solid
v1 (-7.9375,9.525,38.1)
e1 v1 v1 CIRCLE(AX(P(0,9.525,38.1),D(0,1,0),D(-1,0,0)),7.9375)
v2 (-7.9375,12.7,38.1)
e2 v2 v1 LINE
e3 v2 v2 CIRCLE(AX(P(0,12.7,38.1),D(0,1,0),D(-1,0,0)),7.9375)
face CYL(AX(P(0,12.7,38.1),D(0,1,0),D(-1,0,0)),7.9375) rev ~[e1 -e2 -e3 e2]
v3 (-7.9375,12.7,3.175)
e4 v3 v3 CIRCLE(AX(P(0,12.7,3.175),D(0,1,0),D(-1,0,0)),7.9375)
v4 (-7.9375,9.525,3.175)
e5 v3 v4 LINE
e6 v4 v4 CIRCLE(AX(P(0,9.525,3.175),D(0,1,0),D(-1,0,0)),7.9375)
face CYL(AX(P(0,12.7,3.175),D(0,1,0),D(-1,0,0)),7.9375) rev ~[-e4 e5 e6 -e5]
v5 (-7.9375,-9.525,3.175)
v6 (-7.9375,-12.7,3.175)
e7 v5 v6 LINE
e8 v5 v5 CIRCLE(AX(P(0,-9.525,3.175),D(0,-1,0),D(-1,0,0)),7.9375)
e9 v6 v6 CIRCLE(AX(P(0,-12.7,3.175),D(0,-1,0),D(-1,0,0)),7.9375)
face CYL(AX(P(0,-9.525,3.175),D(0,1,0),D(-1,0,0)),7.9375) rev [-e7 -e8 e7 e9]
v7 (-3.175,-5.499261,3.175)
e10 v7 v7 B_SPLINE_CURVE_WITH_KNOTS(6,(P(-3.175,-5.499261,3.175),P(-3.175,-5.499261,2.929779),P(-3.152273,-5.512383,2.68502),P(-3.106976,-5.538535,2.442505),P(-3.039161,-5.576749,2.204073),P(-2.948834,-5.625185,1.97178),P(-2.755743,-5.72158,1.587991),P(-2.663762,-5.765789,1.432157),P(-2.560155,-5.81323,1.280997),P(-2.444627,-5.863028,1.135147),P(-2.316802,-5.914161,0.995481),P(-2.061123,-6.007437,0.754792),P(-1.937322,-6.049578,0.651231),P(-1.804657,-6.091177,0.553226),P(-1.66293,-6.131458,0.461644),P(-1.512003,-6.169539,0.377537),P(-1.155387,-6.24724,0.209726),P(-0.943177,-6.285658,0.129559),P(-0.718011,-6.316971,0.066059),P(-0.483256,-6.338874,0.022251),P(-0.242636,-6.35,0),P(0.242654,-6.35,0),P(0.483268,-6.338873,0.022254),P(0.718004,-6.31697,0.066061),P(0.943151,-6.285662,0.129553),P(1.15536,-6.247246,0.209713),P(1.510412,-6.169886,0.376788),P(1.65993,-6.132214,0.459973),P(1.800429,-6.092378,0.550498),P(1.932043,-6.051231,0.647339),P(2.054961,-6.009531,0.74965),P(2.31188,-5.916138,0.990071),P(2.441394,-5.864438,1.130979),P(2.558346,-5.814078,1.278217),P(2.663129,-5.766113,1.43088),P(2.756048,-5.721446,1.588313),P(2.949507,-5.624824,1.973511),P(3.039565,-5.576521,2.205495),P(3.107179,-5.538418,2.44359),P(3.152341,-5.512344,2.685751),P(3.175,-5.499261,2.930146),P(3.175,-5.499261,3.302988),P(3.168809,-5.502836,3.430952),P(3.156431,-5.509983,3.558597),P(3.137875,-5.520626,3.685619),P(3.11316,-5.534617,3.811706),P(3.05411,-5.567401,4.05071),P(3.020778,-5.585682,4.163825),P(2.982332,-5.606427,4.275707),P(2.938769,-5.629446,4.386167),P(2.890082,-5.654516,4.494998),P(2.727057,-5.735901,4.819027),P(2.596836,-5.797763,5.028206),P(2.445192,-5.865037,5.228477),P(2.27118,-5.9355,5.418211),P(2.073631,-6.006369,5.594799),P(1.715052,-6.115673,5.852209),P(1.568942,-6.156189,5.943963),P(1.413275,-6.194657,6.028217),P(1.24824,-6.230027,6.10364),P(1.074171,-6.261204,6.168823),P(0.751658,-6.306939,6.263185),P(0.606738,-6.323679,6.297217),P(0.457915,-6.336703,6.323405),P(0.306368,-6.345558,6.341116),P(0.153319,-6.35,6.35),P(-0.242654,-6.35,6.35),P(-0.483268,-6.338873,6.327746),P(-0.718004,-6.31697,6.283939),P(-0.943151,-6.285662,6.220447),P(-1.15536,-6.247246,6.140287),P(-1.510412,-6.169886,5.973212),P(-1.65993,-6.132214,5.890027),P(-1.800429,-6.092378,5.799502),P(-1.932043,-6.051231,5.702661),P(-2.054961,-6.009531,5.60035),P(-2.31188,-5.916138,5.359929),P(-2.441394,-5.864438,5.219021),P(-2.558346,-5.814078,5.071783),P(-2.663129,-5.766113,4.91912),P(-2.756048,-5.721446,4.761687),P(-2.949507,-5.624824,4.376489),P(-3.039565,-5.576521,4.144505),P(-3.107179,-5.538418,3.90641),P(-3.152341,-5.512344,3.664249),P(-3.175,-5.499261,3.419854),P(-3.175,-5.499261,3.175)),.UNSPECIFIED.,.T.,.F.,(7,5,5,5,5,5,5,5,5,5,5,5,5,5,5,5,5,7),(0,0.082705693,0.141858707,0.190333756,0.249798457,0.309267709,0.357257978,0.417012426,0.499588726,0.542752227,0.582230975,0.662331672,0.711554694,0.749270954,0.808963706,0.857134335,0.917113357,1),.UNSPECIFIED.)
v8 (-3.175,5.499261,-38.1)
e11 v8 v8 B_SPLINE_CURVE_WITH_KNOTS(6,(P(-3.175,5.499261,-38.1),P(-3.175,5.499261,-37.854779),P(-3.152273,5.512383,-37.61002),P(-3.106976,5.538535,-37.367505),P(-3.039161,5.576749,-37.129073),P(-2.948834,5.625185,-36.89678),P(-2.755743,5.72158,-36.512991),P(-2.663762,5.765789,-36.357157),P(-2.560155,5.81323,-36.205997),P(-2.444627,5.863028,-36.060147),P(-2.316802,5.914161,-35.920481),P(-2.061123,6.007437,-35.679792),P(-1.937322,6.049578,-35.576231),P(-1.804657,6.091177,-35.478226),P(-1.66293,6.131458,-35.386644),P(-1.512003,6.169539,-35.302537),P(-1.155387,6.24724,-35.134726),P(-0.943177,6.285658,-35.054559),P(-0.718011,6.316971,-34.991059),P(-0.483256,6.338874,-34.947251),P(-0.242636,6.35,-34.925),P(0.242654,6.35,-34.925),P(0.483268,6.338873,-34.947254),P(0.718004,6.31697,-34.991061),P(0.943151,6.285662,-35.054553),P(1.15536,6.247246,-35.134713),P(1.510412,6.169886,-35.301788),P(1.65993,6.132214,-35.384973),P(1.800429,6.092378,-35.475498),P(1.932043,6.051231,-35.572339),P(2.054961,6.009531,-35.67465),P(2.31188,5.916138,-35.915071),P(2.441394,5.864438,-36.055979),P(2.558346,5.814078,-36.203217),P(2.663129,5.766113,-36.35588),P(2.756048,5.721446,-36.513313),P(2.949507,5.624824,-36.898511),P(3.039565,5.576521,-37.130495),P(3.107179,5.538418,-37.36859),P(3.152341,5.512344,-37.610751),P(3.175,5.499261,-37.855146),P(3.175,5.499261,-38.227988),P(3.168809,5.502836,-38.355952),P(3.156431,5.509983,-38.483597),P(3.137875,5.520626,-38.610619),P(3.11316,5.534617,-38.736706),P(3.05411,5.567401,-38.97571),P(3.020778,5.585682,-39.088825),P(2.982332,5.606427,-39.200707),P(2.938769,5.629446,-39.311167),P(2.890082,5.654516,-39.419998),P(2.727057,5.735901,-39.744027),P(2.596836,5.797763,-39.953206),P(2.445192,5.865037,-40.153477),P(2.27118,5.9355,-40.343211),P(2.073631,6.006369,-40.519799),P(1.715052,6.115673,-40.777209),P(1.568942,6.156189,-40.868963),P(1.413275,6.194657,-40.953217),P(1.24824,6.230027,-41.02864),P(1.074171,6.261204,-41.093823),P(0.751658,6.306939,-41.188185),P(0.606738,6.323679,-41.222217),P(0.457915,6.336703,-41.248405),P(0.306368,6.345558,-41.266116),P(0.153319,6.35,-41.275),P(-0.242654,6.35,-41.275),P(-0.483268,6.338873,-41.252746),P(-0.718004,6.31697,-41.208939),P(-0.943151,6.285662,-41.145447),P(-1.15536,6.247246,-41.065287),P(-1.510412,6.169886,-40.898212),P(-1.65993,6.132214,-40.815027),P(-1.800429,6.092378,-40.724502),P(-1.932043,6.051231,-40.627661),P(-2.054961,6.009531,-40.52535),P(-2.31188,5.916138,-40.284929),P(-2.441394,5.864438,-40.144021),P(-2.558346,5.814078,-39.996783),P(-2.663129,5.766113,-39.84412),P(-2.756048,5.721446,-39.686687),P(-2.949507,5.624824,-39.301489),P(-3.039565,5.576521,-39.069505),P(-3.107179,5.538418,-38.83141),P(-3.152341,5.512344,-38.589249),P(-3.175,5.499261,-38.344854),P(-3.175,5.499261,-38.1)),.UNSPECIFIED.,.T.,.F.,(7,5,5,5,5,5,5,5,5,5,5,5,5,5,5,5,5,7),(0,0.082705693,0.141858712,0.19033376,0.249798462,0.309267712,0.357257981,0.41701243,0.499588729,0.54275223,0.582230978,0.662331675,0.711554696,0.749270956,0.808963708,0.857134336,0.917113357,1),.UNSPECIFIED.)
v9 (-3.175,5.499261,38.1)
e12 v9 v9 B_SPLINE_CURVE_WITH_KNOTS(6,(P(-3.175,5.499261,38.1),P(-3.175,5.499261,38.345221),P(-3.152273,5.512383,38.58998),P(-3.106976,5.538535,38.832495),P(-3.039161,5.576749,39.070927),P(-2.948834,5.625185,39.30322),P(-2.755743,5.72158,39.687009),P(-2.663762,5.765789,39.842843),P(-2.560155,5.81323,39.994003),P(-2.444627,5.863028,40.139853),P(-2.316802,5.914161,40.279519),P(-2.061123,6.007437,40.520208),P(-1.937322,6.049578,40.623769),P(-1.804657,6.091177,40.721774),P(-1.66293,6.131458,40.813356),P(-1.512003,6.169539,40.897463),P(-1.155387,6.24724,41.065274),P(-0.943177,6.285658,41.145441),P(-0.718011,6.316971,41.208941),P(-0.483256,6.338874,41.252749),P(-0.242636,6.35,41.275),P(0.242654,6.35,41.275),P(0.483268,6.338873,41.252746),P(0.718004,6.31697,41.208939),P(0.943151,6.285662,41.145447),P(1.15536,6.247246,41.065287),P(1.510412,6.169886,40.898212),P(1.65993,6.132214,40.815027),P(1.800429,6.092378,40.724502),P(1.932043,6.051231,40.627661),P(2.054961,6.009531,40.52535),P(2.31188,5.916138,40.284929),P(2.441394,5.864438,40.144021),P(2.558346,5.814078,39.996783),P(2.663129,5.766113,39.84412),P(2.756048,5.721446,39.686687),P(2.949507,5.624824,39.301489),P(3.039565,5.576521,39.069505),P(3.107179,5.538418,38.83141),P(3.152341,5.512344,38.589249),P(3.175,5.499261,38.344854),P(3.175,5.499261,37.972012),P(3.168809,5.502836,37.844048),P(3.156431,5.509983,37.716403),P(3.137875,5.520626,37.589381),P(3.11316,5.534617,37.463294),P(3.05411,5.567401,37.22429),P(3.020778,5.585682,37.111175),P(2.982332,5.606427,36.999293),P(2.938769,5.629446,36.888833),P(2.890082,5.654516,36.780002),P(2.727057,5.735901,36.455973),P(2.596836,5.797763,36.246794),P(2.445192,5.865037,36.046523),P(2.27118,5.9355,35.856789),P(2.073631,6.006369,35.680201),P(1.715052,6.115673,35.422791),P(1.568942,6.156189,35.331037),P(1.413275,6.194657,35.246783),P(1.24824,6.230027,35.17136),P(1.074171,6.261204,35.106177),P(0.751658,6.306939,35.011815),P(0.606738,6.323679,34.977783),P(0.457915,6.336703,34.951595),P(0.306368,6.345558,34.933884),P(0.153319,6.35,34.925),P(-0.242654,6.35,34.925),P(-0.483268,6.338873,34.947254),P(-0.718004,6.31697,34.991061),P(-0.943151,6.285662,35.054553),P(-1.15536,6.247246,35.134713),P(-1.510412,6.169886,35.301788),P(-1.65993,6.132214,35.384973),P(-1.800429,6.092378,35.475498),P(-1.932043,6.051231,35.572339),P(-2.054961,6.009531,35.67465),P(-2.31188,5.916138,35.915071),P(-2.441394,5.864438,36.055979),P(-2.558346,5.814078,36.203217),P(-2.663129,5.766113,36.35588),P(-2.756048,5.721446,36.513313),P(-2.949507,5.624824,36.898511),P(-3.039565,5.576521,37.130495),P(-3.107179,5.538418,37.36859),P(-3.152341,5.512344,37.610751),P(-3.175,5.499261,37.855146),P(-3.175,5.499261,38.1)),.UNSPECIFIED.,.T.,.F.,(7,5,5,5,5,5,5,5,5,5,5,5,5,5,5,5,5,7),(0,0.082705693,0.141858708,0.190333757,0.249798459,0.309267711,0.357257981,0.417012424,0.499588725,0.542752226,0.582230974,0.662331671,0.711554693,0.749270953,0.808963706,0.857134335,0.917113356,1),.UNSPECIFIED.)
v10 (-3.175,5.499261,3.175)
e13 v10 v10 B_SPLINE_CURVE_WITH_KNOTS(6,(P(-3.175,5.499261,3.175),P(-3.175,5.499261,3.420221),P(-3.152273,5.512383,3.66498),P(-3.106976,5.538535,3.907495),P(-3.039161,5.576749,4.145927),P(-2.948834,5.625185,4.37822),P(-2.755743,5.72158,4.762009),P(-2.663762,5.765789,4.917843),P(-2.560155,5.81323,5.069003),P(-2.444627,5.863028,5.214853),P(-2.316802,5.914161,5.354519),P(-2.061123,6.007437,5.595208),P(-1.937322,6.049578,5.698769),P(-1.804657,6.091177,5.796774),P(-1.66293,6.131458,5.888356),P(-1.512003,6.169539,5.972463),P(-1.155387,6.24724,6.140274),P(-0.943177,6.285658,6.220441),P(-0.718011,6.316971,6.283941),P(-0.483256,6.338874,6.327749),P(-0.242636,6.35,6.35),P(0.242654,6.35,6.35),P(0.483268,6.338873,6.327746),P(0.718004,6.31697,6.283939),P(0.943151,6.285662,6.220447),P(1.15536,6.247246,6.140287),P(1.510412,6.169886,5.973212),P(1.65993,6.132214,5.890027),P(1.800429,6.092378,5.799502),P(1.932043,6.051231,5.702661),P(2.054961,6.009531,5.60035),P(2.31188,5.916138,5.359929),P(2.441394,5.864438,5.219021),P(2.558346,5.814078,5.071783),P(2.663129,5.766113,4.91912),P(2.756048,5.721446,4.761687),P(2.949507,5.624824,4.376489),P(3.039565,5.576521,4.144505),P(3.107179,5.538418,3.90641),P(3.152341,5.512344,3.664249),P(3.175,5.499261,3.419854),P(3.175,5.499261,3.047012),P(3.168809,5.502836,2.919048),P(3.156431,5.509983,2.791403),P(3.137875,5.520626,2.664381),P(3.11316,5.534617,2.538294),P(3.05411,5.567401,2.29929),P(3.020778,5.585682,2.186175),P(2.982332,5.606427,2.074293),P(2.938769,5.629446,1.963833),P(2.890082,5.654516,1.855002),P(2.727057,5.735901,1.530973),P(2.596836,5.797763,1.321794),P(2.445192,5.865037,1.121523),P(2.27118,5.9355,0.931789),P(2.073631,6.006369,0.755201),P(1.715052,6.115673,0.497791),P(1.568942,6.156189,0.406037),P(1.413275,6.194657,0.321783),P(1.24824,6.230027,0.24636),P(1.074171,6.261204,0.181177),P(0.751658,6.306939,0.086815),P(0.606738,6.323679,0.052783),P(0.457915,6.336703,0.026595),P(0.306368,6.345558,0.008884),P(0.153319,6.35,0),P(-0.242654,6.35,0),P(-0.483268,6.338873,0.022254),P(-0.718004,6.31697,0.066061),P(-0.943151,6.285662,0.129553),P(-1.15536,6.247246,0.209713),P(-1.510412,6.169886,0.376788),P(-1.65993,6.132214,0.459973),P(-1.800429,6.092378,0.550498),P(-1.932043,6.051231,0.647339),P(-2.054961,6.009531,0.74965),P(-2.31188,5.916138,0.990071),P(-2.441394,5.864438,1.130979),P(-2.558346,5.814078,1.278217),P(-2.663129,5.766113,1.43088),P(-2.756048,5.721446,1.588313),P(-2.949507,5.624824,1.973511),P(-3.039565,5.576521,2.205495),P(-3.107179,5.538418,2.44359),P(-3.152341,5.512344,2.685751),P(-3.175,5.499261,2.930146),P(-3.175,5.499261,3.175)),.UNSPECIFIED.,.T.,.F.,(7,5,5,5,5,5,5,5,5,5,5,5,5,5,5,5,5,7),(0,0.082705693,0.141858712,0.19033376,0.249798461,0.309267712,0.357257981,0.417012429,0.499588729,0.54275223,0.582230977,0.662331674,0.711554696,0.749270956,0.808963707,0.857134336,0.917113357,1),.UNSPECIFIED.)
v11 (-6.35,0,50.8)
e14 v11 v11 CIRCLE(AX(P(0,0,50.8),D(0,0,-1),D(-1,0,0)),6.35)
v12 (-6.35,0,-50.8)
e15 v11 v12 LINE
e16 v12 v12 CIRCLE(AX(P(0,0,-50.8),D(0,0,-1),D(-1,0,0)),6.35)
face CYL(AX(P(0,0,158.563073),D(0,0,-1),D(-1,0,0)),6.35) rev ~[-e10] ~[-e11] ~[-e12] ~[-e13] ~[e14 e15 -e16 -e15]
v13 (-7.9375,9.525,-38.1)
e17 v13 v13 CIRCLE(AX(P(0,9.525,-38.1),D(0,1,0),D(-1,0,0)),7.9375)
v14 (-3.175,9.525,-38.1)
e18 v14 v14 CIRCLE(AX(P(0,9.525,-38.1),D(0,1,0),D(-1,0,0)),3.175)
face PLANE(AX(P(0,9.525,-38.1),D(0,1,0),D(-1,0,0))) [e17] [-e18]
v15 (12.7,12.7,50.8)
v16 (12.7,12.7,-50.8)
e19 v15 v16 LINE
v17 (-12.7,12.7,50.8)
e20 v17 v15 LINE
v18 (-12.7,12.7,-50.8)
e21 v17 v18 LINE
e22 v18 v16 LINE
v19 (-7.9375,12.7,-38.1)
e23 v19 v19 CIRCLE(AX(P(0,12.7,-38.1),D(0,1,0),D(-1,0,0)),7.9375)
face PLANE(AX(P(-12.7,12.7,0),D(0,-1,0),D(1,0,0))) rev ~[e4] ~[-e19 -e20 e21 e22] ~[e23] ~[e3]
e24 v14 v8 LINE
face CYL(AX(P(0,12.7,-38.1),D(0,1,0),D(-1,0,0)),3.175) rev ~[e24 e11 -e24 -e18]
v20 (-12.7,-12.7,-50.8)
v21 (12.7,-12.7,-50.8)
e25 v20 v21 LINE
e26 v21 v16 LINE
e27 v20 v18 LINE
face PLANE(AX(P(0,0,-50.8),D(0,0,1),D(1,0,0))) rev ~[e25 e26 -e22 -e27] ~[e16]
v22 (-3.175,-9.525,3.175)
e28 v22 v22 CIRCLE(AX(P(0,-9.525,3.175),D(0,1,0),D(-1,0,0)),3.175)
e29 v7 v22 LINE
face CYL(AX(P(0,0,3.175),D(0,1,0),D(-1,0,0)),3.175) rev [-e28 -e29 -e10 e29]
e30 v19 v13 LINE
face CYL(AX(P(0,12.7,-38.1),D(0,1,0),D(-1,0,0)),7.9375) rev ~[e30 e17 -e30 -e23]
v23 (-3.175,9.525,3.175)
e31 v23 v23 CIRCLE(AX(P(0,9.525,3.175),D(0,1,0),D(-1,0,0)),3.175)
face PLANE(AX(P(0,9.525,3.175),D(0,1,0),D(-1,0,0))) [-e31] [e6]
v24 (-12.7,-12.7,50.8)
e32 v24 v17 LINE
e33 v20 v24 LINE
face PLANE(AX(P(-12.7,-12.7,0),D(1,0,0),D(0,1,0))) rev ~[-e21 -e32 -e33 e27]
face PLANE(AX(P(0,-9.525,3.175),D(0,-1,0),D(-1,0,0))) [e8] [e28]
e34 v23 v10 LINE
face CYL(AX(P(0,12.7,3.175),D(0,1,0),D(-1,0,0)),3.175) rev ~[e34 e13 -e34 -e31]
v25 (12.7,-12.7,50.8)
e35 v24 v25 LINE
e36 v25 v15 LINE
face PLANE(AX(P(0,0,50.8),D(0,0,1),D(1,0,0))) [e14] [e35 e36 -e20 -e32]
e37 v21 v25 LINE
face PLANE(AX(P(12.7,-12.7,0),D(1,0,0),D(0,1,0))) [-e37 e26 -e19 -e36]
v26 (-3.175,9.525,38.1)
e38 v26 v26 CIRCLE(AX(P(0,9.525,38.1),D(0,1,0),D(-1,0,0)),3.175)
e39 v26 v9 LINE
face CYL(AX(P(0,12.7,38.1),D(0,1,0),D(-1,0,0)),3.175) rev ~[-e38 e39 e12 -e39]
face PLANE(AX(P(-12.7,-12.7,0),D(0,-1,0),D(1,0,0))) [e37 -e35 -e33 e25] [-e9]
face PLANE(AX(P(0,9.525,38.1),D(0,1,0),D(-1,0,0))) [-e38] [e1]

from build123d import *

# Parameters (mm, degrees)
SKETCH18_W                 = 25.4
SKETCH18_H                 = 25.4
BOSS_EXTRUDE3_DEPTH        = 50.8
F_1_2_0_5_DIAMETER_HOLE2_D = 12.7
SKETCH26_R                 = 3.175
CUT_EXTRUDE10_DEPTH        = 12.7
SKETCH27_R                 = 7.9375
CUT_EXTRUDE11_DEPTH        = 3.175
CUT_EXTRUDE12_START        = -12.7
SKETCH28_R                 = 3.175
CUT_EXTRUDE12_DEPTH        = 12.7
CUT_EXTRUDE13_START        = -3.175
SKETCH29_R                 = 7.9375
CUT_EXTRUDE13_DEPTH        = 3.175


with BuildPart() as part:
    # Sketch18 → Boss-Extrude3 (new, symmetric)
    with BuildSketch(Plane.XY):
        Rectangle(SKETCH18_W, SKETCH18_H)
    extrude(amount=BOSS_EXTRUDE3_DEPTH, both=True)

    # 1/2 (0.5) Diameter Hole2 (through all)
    with Locations(Plane.XY.offset(50.8)):
        with Locations((0, 0)):
            Hole(F_1_2_0_5_DIAMETER_HOLE2_D / 2)

    # Sketch26 → Cut-Extrude10 (cut)
    with BuildSketch(Plane(origin=(0, 12.7, 0), x_dir=(1, 0, 0), z_dir=(0, 1, 0))):
        with Locations(Location((0, -38.1, 0), (0, 0, 180))):
            Circle(SKETCH26_R)
        with Locations(Location((0, -3.175, 0), (0, 0, 180))):
            Circle(SKETCH26_R)
        with Locations(Location((0, 38.1, 0), (0, 0, 180))):
            Circle(SKETCH26_R)
    extrude(amount=-CUT_EXTRUDE10_DEPTH, mode=Mode.SUBTRACT)

    # Sketch27 → Cut-Extrude11 (cut)
    with BuildSketch(Plane(origin=(0, 12.7, 0), x_dir=(1, 0, 0), z_dir=(0, 1, 0))):
        with Locations(Location((0, 38.1, 0), (0, 0, 180))):
            Circle(SKETCH27_R)
        with Locations(Location((0, -3.175, 0), (0, 0, 180))):
            Circle(SKETCH27_R)
        with Locations(Location((0, -38.1, 0), (0, 0, 180))):
            Circle(SKETCH27_R)
    extrude(amount=-CUT_EXTRUDE11_DEPTH, mode=Mode.SUBTRACT)

    # Sketch28 → Cut-Extrude12 (cut)
    with BuildSketch(Plane.XZ.offset(12.7).offset(CUT_EXTRUDE12_START)):
        with Locations(Location((0, 3.175, 0), (0, 0, 180))):
            Circle(SKETCH28_R)
    extrude(amount=CUT_EXTRUDE12_DEPTH, mode=Mode.SUBTRACT)

    # Sketch29 → Cut-Extrude13 (cut)
    with BuildSketch(Plane(origin=(0, -12.7, 0), x_dir=(-1, 0, 0), z_dir=(0, -1, 0)).offset(CUT_EXTRUDE13_START)):
        with Locations((0, -3.175)):
            Circle(SKETCH29_R)
    extrude(amount=CUT_EXTRUDE13_DEPTH, mode=Mode.SUBTRACT)


solid = part.part
